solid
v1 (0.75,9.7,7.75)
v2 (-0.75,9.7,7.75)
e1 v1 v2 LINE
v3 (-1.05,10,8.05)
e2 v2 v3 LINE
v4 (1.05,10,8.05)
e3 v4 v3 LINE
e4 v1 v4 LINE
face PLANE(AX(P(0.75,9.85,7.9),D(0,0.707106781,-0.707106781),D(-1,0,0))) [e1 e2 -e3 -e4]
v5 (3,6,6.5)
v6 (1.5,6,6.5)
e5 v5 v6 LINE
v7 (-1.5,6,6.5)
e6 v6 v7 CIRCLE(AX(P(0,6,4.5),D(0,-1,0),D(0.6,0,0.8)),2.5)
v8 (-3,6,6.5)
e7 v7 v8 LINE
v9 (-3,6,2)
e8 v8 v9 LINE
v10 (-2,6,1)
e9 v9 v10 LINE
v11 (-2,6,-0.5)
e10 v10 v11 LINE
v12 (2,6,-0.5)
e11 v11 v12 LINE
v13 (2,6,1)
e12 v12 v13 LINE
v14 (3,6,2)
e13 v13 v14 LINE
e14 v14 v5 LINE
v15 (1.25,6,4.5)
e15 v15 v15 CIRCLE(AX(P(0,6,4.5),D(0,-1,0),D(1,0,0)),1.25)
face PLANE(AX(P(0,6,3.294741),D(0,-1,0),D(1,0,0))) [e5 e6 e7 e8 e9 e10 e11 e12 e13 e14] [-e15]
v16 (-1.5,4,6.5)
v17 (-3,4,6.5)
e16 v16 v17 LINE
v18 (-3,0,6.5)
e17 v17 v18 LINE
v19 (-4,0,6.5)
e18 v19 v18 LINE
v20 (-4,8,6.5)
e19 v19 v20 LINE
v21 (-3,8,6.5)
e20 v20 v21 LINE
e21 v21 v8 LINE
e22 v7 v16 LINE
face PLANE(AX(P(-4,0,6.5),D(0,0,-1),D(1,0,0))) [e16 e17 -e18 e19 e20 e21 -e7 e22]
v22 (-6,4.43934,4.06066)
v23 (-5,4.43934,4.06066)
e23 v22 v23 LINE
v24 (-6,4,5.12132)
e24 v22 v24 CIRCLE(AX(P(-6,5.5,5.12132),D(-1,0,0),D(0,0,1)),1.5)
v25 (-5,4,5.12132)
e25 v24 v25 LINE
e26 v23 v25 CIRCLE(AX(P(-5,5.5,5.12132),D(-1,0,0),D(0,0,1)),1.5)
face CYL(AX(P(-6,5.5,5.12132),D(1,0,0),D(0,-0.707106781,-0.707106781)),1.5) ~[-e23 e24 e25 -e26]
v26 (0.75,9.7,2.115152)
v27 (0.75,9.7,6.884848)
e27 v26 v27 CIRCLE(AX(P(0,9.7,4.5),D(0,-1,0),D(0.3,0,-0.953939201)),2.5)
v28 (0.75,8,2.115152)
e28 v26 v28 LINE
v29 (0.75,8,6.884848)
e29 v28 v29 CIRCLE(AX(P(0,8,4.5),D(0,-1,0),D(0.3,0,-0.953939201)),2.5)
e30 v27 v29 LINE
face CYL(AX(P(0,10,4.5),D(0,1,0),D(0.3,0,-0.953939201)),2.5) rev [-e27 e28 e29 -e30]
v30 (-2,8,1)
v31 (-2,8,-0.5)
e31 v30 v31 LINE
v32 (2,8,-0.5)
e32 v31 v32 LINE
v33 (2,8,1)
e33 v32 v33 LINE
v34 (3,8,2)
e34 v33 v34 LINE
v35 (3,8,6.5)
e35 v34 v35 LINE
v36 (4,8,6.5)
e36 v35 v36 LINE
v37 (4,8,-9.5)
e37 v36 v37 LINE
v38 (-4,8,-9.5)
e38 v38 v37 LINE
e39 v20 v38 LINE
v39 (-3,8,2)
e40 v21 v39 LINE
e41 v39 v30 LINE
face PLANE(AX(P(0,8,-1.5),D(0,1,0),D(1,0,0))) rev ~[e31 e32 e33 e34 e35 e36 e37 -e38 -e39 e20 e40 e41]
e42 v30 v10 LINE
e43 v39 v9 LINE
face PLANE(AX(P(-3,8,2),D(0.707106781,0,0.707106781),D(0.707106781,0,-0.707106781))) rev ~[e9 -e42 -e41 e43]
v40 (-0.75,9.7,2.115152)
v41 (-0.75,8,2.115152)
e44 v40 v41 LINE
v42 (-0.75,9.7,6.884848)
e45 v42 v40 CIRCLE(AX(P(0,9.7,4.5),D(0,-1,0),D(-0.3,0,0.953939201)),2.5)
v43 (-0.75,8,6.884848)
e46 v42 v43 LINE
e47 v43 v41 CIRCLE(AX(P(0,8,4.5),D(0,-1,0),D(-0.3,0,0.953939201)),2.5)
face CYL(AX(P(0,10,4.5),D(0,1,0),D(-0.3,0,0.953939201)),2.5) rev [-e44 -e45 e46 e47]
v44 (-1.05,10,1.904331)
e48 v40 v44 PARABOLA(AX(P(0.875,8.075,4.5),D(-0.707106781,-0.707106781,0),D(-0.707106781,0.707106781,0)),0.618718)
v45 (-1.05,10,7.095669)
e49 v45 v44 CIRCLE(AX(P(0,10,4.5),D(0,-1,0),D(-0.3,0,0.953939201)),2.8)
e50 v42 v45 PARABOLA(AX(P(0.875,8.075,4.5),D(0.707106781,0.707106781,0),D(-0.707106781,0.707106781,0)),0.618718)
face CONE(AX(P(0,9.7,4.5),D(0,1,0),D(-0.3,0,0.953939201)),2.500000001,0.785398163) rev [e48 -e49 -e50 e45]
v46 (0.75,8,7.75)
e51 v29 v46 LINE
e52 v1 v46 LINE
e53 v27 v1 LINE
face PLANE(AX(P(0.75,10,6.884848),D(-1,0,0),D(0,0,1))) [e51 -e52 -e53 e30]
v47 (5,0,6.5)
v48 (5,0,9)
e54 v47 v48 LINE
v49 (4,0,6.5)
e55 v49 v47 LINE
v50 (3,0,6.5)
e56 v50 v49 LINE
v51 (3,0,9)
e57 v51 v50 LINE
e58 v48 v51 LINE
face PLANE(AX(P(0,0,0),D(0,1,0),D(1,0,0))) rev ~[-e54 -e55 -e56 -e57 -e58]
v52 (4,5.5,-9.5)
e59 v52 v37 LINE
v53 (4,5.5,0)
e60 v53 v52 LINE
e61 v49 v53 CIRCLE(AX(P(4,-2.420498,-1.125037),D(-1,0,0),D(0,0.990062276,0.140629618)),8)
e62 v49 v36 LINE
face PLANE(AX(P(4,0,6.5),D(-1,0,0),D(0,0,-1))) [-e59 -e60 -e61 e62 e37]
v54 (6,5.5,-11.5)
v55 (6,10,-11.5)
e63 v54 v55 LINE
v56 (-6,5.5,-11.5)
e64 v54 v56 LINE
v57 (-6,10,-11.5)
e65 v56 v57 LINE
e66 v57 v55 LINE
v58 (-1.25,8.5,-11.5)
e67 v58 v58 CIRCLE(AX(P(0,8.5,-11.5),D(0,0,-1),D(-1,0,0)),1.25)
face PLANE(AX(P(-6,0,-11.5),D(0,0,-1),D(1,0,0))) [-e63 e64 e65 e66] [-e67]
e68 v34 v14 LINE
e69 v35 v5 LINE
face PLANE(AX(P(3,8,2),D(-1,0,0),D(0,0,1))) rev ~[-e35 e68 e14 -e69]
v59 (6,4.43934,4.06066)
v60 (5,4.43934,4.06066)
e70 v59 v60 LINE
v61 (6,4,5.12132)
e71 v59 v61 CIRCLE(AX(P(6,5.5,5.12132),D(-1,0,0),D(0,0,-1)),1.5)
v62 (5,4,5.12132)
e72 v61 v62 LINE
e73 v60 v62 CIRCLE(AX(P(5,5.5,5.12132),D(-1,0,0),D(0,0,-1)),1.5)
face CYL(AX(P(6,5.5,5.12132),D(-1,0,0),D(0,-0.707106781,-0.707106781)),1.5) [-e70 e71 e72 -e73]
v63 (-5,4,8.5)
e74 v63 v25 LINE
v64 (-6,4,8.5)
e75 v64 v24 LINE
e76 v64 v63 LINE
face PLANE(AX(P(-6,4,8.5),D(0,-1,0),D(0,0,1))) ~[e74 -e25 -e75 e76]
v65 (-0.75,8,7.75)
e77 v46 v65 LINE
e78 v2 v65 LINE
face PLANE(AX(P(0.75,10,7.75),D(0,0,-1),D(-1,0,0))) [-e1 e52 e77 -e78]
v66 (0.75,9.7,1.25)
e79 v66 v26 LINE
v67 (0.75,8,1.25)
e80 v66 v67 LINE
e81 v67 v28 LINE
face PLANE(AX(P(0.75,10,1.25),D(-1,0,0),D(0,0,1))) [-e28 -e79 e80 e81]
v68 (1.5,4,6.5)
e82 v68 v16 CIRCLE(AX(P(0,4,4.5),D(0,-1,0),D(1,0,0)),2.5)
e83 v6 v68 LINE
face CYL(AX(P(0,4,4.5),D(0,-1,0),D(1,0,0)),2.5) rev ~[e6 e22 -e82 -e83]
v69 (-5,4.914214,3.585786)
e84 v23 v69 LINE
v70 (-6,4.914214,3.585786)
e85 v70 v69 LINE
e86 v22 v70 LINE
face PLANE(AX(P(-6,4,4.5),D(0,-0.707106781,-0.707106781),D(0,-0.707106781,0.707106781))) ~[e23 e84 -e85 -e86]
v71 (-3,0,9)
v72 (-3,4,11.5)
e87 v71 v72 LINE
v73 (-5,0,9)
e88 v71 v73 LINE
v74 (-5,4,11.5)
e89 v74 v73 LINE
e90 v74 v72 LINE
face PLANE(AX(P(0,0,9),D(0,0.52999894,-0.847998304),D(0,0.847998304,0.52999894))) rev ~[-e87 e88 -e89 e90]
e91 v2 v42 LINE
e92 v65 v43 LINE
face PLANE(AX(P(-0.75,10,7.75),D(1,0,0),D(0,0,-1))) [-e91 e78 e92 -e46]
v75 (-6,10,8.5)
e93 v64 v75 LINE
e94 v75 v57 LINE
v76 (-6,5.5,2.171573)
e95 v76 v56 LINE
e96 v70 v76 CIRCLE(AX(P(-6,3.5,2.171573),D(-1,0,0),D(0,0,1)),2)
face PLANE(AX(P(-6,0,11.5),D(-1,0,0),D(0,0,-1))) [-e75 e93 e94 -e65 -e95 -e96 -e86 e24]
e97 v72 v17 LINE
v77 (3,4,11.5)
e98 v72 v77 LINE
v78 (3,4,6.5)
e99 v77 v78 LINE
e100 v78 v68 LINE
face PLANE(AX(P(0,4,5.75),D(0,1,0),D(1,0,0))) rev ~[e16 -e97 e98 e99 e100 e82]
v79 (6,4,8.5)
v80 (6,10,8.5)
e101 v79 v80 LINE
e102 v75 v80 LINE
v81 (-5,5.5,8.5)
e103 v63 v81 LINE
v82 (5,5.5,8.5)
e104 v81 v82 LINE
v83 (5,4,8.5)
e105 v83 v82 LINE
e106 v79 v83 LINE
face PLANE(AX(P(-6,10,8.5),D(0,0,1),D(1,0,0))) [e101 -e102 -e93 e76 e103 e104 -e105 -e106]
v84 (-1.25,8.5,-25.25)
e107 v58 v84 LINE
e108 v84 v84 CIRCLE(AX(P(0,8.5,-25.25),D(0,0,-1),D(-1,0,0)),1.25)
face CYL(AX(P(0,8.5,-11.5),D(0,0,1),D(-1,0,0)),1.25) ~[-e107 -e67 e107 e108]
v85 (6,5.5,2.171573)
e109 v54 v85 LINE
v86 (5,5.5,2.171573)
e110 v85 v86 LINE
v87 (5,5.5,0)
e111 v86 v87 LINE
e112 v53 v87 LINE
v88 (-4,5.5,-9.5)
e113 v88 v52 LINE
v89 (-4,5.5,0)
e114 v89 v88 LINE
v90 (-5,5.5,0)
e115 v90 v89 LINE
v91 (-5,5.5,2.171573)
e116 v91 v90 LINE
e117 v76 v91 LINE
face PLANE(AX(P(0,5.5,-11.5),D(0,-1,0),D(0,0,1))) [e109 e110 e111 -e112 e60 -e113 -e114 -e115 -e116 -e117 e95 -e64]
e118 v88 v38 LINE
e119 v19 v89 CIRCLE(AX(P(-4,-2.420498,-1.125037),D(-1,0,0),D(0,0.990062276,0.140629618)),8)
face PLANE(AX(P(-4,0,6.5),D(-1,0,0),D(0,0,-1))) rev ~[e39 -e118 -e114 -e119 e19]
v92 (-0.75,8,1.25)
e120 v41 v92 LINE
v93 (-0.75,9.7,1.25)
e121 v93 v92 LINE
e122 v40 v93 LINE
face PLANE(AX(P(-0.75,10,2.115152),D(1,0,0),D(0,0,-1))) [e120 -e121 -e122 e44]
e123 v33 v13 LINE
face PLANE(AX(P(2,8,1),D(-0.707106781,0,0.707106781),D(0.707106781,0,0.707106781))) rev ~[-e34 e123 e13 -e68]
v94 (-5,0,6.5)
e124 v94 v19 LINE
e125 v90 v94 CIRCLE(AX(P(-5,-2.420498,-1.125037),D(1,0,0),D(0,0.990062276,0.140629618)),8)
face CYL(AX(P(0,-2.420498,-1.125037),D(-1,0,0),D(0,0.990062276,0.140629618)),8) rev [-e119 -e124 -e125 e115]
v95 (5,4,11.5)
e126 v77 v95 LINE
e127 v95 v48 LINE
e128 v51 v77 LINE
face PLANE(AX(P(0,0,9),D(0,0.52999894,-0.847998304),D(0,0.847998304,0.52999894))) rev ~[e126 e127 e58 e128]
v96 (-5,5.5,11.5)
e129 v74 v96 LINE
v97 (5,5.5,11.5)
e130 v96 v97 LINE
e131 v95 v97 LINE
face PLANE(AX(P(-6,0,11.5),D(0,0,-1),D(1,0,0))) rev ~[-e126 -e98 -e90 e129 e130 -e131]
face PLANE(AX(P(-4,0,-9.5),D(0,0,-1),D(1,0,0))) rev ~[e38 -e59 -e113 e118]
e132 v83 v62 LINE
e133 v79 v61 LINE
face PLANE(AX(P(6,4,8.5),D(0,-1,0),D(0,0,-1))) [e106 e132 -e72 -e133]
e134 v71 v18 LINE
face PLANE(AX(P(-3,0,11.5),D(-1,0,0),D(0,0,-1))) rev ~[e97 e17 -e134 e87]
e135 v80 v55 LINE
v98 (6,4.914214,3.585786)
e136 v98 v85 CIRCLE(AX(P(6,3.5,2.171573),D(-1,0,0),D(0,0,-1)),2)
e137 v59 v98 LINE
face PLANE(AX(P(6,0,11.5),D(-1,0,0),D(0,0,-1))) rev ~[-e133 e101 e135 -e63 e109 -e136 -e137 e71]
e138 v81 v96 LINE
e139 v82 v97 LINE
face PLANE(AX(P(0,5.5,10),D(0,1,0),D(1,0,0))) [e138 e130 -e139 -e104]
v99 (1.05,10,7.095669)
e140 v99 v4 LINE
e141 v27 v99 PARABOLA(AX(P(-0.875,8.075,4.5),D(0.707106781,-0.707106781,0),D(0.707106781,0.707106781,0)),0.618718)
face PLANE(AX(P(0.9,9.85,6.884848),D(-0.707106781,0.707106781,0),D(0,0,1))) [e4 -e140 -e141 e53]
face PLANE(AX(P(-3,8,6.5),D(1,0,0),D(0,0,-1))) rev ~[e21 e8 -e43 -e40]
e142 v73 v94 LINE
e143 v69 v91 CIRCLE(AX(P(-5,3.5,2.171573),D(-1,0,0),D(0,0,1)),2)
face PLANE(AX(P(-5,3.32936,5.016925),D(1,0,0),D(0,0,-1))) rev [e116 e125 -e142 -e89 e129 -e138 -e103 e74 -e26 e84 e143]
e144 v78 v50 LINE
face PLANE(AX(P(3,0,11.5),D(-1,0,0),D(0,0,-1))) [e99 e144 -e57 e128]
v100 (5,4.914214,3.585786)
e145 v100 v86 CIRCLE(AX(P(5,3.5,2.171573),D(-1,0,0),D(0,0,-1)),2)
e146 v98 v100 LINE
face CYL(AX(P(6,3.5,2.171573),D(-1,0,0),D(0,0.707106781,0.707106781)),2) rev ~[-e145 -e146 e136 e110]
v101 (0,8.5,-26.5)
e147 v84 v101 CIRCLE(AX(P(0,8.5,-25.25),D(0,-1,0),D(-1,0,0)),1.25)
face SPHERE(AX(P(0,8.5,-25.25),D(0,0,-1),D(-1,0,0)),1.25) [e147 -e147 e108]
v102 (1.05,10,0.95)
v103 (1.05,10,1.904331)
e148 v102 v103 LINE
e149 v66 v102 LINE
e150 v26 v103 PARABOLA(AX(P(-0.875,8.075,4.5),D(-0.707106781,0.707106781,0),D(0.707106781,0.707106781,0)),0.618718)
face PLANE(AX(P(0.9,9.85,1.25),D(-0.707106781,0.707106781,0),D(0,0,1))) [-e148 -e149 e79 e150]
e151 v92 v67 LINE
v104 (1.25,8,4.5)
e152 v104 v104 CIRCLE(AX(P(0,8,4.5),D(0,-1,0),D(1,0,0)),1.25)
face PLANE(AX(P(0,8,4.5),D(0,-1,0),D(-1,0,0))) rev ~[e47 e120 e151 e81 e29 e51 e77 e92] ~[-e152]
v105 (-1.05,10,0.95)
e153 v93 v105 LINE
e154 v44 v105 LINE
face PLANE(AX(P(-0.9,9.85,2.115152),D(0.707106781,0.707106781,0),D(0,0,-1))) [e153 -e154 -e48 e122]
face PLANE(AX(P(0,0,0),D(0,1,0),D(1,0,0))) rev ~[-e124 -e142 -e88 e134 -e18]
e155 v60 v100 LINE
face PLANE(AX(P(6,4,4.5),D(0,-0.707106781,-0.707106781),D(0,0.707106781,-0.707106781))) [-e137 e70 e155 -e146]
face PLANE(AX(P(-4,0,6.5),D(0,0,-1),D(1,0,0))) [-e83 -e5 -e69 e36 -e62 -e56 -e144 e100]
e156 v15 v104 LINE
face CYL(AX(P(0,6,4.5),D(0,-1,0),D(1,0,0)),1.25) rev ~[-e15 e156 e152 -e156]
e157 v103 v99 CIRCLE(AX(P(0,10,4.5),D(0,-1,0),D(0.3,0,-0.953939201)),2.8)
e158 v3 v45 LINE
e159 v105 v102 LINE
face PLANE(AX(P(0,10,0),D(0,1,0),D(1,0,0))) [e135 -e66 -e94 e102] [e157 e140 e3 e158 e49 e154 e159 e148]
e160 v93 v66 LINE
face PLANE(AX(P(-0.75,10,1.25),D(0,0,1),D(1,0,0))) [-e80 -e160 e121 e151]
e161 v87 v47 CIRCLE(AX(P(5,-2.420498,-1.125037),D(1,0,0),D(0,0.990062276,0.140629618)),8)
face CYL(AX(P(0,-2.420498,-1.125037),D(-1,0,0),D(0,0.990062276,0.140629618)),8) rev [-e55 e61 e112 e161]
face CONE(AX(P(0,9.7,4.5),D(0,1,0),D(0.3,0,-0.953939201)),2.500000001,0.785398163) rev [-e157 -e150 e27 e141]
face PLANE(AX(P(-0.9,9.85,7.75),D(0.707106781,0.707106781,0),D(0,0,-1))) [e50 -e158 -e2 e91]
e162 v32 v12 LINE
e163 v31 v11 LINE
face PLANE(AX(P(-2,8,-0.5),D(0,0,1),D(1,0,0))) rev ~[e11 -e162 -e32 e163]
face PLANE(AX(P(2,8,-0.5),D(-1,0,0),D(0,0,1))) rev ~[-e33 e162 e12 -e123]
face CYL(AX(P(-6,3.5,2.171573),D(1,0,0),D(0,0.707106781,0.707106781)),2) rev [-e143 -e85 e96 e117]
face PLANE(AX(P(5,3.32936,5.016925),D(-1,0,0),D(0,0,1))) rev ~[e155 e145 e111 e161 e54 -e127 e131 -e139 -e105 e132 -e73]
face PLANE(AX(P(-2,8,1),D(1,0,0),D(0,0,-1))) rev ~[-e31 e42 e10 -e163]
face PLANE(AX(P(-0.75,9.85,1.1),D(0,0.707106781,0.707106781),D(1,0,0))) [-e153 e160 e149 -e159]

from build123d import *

# Parameters (mm, degrees)
SKETCH_1_W             = 12
SKETCH_1_H             = 23
EXTRUDE_1_DEPTH        = 10
SKETCH_3_W             = 12
SKETCH_3_H             = 3
CUT_EXTRUDE_1_DEPTH    = 4.5
SKETCH_4_W             = 1
SKETCH_4_H             = 3
CUT_EXTRUDE_2_DEPTH    = 11
CUT_EXTRUDE_3_DEPTH    = 6
CUT_EXTRUDE_4_DEPTH    = 1
FILLET_1_R             = 1.5
FILLET_2_R             = 2
FILLET_1_OF_MIRROR_1_R = 1.5
FILLET_2_OF_MIRROR_1_R = 2
SKETCH_7_W             = 6
SKETCH_7_H             = 11.5
CUT_EXTRUDE_5_DEPTH    = 4
SKETCH_8_W             = 8
SKETCH_8_H             = 16
CUT_EXTRUDE_6_DEPTH    = 8
SKETCH_9_R             = 2.5
CUT_EXTRUDE_7_DEPTH    = 4
EXTRUDE_2_DEPTH        = 2
SKETCH_11_R            = 1.25
CUT_EXTRUDE_8_DEPTH    = 5
CUT_EXTRUDE_9_DEPTH    = 2
CHAMFER_1_SIZE         = 0.3
SKETCH_13_R            = 1.25
EXTRUDE_3_DEPTH        = 15
FILLET_3_R             = 1.25


with BuildPart() as part:
    # 草图1 → 凸台-拉伸1 (new body)
    with BuildSketch(Plane(origin=(0, 0, 0), x_dir=(1, 0, 0), z_dir=(0, 1, 0))):
        Rectangle(SKETCH_1_W, SKETCH_1_H)
    extrude(amount=EXTRUDE_1_DEPTH)

    # 草图3 → 切除-拉伸1 (cut)
    with BuildSketch(Plane(origin=(0, 10, 0), x_dir=(1, 0, 0), z_dir=(0, 1, 0))):
        with Locations((0, -10)):
            Rectangle(SKETCH_3_W, SKETCH_3_H)
    extrude(amount=-CUT_EXTRUDE_1_DEPTH, mode=Mode.SUBTRACT)

    # 草图4 → 切除-拉伸2 (cut, through all)
    with BuildSketch(Plane(origin=(0, 0, 0), x_dir=(1, 0, 0), z_dir=(0, 1, 0))):
        with Locations((5.5, -10)):
            Rectangle(SKETCH_4_W, SKETCH_4_H)
        with Locations((-5.5, -10)):
            Rectangle(SKETCH_4_W, SKETCH_4_H)
    extrude(amount=CUT_EXTRUDE_2_DEPTH, mode=Mode.SUBTRACT)

    # 草图5 → 切除-拉伸3 (cut, symmetric)
    with BuildSketch(Plane(origin=(0, 0, 0), x_dir=(0, 0, -1), z_dir=(1, 0, 0))):
        with BuildLine():
            Line((11.5, 5.5), (0, 5.5))
            ThreePointArc((0, 5.5), (-4.042500986, 3.686592074), (-6.5, 0))
            Line((-6.5, 0), (11.5, 0))
            Line((11.5, 0), (11.5, 5.5))
        make_face()
        Polygon((-9, 0), (-11.5, 4), (-11.5, 0), align=None)
    extrude(amount=CUT_EXTRUDE_3_DEPTH, both=True, mode=Mode.SUBTRACT)

    # 草图6 → 切除-拉伸4 (cut)
    with BuildSketch(Plane(origin=(6, 0, 0), x_dir=(0, 0, -1), z_dir=(1, 0, 0))):
        with BuildLine():
            Line((-8.5, 4), (-4.5, 4))
            Line((-4.5, 4), (-3, 5.5))
            Line((-3, 5.5), (0, 5.5))
            ThreePointArc((0, 5.5), (-4.042500986, 3.686592074), (-6.5, 0))
            Line((-6.5, 0), (-8.5, 0))
            Line((-8.5, 0), (-8.5, 4))
        make_face()
    cut_extrude_4 = extrude(amount=-CUT_EXTRUDE_4_DEPTH, mode=Mode.SUBTRACT)

    # 圆角1
    fillet_1_edges = [part.edges().sort_by_distance(p)[0] for p in [
        (5.5, 4, 4.5),
    ]]
    fillet(fillet_1_edges, radius=FILLET_1_R)

    # 圆角2
    fillet_2_edges = [part.edges().sort_by_distance(p)[0] for p in [
        (5.5, 5.5, 3),
    ]]
    fillet(fillet_2_edges, radius=FILLET_2_R)

    # 镜向1: 切除-拉伸4 across plane
    add(cut_extrude_4.mirror(Plane(origin=(0, 0, 0), x_dir=(0, 0, 1), z_dir=(1, 0, 0))), mode=Mode.SUBTRACT)

    # 圆角1 of 镜向1
    fillet_1_of_mirror_1_edges = [part.edges().sort_by_distance(p)[0] for p in [
        (-5.5, 4, 4.5),
    ]]
    fillet(fillet_1_of_mirror_1_edges, radius=FILLET_1_OF_MIRROR_1_R)

    # 圆角2 of 镜向1
    fillet_2_of_mirror_1_edges = [part.edges().sort_by_distance(p)[0] for p in [
        (-5.5, 5.5, 3),
    ]]
    fillet(fillet_2_of_mirror_1_edges, radius=FILLET_2_OF_MIRROR_1_R)

    # 草图7 → 切除-拉伸5 (cut)
    with BuildSketch(Plane(origin=(0, 0, 0), x_dir=(1, 0, 0), z_dir=(0, 1, 0))):
        with Locations((0, -5.75)):
            Rectangle(SKETCH_7_W, SKETCH_7_H)
    extrude(amount=CUT_EXTRUDE_5_DEPTH, mode=Mode.SUBTRACT)

    # 草图8 → 切除-拉伸6 (cut)
    with BuildSketch(Plane(origin=(0, 0, 0), x_dir=(1, 0, 0), z_dir=(0, 1, 0))):
        with Locations((0, 1.5)):
            Rectangle(SKETCH_8_W, SKETCH_8_H)
    extrude(amount=CUT_EXTRUDE_6_DEPTH, mode=Mode.SUBTRACT)

    # 草图9 → 切除-拉伸7 (cut)
    with BuildSketch(Plane.XZ.offset(-4)):
        with Locations((0, 4.5)):
            Circle(SKETCH_9_R)
    extrude(amount=-CUT_EXTRUDE_7_DEPTH, mode=Mode.SUBTRACT)

    # 草图10 → 凸台-拉伸2 (add)
    with BuildSketch(Plane.XZ.offset(-8)):
        with BuildLine():
            Line((2, 1), (3, 2))
            Line((3, 2), (3, 6.5))
            Line((3, 6.5), (1.5, 6.5))
            ThreePointArc((1.5, 6.5), (0, 7), (-1.5, 6.5))
            Line((-1.5, 6.5), (-3, 6.5))
            Line((-3, 6.5), (-3, 2))
            Line((-3, 2), (-2, 1))
            Line((-2, 1), (-2, -0.5))
            Line((-2, -0.5), (2, -0.5))
            Line((2, -0.5), (2, 1))
        make_face()
    extrude(amount=EXTRUDE_2_DEPTH)

    # 草图11 → 切除-拉伸8 (cut, through all)
    with BuildSketch(Plane.XZ.offset(-6)):
        with Locations((0, 4.5)):
            Circle(SKETCH_11_R)
    extrude(amount=-CUT_EXTRUDE_8_DEPTH, mode=Mode.SUBTRACT)

    # 草图12 → 切除-拉伸9 (cut)
    with BuildSketch(Plane(origin=(0, 10, 0), x_dir=(1, 0, 0), z_dir=(0, 1, 0))):
        with BuildLine():
            Line((-0.75, -1.25), (0.75, -1.25))
            Line((0.75, -1.25), (0.75, -2.115151996))
            ThreePointArc((0.75, -2.115151996), (2.5, -4.5), (0.75, -6.884848004))
            Line((0.75, -6.884848004), (0.75, -7.75))
            Line((0.75, -7.75), (-0.75, -7.75))
            Line((-0.75, -7.75), (-0.75, -6.884848004))
            ThreePointArc((-0.75, -6.884848004), (-2.5, -4.5), (-0.75, -2.115151996))
            Line((-0.75, -2.115151996), (-0.75, -1.25))
        make_face()
    extrude(amount=-CUT_EXTRUDE_9_DEPTH, mode=Mode.SUBTRACT)

    # 倒角1
    chamfer_1_edges = [part.edges().sort_by_distance(p)[0] for p in [
        (2.5, 10, 4.5),
        (0.75, 10, 1.682575998),
        (0, 10, 1.25),
        (-0.75, 10, 1.682575998),
        (-2.5, 10, 4.5),
        (-0.75, 10, 7.317424002),
        (0, 10, 7.75),
        (0.75, 10, 7.317424002),
    ]]
    chamfer(chamfer_1_edges, length=CHAMFER_1_SIZE)

    # 草图13 → 凸台-拉伸3 (add)
    with BuildSketch(Plane(origin=(0, 0, -11.5), x_dir=(-1, 0, 0), z_dir=(0, 0, -1))):
        with Locations((0, 8.5)):
            Circle(SKETCH_13_R)
    extrude(amount=EXTRUDE_3_DEPTH)

    # 圆角3
    fillet_3_edges = [part.edges().sort_by_distance(p)[0] for p in [
        (1.25, 8.5, -26.5),
    ]]
    fillet(fillet_3_edges, radius=FILLET_3_R)


solid = part.part
